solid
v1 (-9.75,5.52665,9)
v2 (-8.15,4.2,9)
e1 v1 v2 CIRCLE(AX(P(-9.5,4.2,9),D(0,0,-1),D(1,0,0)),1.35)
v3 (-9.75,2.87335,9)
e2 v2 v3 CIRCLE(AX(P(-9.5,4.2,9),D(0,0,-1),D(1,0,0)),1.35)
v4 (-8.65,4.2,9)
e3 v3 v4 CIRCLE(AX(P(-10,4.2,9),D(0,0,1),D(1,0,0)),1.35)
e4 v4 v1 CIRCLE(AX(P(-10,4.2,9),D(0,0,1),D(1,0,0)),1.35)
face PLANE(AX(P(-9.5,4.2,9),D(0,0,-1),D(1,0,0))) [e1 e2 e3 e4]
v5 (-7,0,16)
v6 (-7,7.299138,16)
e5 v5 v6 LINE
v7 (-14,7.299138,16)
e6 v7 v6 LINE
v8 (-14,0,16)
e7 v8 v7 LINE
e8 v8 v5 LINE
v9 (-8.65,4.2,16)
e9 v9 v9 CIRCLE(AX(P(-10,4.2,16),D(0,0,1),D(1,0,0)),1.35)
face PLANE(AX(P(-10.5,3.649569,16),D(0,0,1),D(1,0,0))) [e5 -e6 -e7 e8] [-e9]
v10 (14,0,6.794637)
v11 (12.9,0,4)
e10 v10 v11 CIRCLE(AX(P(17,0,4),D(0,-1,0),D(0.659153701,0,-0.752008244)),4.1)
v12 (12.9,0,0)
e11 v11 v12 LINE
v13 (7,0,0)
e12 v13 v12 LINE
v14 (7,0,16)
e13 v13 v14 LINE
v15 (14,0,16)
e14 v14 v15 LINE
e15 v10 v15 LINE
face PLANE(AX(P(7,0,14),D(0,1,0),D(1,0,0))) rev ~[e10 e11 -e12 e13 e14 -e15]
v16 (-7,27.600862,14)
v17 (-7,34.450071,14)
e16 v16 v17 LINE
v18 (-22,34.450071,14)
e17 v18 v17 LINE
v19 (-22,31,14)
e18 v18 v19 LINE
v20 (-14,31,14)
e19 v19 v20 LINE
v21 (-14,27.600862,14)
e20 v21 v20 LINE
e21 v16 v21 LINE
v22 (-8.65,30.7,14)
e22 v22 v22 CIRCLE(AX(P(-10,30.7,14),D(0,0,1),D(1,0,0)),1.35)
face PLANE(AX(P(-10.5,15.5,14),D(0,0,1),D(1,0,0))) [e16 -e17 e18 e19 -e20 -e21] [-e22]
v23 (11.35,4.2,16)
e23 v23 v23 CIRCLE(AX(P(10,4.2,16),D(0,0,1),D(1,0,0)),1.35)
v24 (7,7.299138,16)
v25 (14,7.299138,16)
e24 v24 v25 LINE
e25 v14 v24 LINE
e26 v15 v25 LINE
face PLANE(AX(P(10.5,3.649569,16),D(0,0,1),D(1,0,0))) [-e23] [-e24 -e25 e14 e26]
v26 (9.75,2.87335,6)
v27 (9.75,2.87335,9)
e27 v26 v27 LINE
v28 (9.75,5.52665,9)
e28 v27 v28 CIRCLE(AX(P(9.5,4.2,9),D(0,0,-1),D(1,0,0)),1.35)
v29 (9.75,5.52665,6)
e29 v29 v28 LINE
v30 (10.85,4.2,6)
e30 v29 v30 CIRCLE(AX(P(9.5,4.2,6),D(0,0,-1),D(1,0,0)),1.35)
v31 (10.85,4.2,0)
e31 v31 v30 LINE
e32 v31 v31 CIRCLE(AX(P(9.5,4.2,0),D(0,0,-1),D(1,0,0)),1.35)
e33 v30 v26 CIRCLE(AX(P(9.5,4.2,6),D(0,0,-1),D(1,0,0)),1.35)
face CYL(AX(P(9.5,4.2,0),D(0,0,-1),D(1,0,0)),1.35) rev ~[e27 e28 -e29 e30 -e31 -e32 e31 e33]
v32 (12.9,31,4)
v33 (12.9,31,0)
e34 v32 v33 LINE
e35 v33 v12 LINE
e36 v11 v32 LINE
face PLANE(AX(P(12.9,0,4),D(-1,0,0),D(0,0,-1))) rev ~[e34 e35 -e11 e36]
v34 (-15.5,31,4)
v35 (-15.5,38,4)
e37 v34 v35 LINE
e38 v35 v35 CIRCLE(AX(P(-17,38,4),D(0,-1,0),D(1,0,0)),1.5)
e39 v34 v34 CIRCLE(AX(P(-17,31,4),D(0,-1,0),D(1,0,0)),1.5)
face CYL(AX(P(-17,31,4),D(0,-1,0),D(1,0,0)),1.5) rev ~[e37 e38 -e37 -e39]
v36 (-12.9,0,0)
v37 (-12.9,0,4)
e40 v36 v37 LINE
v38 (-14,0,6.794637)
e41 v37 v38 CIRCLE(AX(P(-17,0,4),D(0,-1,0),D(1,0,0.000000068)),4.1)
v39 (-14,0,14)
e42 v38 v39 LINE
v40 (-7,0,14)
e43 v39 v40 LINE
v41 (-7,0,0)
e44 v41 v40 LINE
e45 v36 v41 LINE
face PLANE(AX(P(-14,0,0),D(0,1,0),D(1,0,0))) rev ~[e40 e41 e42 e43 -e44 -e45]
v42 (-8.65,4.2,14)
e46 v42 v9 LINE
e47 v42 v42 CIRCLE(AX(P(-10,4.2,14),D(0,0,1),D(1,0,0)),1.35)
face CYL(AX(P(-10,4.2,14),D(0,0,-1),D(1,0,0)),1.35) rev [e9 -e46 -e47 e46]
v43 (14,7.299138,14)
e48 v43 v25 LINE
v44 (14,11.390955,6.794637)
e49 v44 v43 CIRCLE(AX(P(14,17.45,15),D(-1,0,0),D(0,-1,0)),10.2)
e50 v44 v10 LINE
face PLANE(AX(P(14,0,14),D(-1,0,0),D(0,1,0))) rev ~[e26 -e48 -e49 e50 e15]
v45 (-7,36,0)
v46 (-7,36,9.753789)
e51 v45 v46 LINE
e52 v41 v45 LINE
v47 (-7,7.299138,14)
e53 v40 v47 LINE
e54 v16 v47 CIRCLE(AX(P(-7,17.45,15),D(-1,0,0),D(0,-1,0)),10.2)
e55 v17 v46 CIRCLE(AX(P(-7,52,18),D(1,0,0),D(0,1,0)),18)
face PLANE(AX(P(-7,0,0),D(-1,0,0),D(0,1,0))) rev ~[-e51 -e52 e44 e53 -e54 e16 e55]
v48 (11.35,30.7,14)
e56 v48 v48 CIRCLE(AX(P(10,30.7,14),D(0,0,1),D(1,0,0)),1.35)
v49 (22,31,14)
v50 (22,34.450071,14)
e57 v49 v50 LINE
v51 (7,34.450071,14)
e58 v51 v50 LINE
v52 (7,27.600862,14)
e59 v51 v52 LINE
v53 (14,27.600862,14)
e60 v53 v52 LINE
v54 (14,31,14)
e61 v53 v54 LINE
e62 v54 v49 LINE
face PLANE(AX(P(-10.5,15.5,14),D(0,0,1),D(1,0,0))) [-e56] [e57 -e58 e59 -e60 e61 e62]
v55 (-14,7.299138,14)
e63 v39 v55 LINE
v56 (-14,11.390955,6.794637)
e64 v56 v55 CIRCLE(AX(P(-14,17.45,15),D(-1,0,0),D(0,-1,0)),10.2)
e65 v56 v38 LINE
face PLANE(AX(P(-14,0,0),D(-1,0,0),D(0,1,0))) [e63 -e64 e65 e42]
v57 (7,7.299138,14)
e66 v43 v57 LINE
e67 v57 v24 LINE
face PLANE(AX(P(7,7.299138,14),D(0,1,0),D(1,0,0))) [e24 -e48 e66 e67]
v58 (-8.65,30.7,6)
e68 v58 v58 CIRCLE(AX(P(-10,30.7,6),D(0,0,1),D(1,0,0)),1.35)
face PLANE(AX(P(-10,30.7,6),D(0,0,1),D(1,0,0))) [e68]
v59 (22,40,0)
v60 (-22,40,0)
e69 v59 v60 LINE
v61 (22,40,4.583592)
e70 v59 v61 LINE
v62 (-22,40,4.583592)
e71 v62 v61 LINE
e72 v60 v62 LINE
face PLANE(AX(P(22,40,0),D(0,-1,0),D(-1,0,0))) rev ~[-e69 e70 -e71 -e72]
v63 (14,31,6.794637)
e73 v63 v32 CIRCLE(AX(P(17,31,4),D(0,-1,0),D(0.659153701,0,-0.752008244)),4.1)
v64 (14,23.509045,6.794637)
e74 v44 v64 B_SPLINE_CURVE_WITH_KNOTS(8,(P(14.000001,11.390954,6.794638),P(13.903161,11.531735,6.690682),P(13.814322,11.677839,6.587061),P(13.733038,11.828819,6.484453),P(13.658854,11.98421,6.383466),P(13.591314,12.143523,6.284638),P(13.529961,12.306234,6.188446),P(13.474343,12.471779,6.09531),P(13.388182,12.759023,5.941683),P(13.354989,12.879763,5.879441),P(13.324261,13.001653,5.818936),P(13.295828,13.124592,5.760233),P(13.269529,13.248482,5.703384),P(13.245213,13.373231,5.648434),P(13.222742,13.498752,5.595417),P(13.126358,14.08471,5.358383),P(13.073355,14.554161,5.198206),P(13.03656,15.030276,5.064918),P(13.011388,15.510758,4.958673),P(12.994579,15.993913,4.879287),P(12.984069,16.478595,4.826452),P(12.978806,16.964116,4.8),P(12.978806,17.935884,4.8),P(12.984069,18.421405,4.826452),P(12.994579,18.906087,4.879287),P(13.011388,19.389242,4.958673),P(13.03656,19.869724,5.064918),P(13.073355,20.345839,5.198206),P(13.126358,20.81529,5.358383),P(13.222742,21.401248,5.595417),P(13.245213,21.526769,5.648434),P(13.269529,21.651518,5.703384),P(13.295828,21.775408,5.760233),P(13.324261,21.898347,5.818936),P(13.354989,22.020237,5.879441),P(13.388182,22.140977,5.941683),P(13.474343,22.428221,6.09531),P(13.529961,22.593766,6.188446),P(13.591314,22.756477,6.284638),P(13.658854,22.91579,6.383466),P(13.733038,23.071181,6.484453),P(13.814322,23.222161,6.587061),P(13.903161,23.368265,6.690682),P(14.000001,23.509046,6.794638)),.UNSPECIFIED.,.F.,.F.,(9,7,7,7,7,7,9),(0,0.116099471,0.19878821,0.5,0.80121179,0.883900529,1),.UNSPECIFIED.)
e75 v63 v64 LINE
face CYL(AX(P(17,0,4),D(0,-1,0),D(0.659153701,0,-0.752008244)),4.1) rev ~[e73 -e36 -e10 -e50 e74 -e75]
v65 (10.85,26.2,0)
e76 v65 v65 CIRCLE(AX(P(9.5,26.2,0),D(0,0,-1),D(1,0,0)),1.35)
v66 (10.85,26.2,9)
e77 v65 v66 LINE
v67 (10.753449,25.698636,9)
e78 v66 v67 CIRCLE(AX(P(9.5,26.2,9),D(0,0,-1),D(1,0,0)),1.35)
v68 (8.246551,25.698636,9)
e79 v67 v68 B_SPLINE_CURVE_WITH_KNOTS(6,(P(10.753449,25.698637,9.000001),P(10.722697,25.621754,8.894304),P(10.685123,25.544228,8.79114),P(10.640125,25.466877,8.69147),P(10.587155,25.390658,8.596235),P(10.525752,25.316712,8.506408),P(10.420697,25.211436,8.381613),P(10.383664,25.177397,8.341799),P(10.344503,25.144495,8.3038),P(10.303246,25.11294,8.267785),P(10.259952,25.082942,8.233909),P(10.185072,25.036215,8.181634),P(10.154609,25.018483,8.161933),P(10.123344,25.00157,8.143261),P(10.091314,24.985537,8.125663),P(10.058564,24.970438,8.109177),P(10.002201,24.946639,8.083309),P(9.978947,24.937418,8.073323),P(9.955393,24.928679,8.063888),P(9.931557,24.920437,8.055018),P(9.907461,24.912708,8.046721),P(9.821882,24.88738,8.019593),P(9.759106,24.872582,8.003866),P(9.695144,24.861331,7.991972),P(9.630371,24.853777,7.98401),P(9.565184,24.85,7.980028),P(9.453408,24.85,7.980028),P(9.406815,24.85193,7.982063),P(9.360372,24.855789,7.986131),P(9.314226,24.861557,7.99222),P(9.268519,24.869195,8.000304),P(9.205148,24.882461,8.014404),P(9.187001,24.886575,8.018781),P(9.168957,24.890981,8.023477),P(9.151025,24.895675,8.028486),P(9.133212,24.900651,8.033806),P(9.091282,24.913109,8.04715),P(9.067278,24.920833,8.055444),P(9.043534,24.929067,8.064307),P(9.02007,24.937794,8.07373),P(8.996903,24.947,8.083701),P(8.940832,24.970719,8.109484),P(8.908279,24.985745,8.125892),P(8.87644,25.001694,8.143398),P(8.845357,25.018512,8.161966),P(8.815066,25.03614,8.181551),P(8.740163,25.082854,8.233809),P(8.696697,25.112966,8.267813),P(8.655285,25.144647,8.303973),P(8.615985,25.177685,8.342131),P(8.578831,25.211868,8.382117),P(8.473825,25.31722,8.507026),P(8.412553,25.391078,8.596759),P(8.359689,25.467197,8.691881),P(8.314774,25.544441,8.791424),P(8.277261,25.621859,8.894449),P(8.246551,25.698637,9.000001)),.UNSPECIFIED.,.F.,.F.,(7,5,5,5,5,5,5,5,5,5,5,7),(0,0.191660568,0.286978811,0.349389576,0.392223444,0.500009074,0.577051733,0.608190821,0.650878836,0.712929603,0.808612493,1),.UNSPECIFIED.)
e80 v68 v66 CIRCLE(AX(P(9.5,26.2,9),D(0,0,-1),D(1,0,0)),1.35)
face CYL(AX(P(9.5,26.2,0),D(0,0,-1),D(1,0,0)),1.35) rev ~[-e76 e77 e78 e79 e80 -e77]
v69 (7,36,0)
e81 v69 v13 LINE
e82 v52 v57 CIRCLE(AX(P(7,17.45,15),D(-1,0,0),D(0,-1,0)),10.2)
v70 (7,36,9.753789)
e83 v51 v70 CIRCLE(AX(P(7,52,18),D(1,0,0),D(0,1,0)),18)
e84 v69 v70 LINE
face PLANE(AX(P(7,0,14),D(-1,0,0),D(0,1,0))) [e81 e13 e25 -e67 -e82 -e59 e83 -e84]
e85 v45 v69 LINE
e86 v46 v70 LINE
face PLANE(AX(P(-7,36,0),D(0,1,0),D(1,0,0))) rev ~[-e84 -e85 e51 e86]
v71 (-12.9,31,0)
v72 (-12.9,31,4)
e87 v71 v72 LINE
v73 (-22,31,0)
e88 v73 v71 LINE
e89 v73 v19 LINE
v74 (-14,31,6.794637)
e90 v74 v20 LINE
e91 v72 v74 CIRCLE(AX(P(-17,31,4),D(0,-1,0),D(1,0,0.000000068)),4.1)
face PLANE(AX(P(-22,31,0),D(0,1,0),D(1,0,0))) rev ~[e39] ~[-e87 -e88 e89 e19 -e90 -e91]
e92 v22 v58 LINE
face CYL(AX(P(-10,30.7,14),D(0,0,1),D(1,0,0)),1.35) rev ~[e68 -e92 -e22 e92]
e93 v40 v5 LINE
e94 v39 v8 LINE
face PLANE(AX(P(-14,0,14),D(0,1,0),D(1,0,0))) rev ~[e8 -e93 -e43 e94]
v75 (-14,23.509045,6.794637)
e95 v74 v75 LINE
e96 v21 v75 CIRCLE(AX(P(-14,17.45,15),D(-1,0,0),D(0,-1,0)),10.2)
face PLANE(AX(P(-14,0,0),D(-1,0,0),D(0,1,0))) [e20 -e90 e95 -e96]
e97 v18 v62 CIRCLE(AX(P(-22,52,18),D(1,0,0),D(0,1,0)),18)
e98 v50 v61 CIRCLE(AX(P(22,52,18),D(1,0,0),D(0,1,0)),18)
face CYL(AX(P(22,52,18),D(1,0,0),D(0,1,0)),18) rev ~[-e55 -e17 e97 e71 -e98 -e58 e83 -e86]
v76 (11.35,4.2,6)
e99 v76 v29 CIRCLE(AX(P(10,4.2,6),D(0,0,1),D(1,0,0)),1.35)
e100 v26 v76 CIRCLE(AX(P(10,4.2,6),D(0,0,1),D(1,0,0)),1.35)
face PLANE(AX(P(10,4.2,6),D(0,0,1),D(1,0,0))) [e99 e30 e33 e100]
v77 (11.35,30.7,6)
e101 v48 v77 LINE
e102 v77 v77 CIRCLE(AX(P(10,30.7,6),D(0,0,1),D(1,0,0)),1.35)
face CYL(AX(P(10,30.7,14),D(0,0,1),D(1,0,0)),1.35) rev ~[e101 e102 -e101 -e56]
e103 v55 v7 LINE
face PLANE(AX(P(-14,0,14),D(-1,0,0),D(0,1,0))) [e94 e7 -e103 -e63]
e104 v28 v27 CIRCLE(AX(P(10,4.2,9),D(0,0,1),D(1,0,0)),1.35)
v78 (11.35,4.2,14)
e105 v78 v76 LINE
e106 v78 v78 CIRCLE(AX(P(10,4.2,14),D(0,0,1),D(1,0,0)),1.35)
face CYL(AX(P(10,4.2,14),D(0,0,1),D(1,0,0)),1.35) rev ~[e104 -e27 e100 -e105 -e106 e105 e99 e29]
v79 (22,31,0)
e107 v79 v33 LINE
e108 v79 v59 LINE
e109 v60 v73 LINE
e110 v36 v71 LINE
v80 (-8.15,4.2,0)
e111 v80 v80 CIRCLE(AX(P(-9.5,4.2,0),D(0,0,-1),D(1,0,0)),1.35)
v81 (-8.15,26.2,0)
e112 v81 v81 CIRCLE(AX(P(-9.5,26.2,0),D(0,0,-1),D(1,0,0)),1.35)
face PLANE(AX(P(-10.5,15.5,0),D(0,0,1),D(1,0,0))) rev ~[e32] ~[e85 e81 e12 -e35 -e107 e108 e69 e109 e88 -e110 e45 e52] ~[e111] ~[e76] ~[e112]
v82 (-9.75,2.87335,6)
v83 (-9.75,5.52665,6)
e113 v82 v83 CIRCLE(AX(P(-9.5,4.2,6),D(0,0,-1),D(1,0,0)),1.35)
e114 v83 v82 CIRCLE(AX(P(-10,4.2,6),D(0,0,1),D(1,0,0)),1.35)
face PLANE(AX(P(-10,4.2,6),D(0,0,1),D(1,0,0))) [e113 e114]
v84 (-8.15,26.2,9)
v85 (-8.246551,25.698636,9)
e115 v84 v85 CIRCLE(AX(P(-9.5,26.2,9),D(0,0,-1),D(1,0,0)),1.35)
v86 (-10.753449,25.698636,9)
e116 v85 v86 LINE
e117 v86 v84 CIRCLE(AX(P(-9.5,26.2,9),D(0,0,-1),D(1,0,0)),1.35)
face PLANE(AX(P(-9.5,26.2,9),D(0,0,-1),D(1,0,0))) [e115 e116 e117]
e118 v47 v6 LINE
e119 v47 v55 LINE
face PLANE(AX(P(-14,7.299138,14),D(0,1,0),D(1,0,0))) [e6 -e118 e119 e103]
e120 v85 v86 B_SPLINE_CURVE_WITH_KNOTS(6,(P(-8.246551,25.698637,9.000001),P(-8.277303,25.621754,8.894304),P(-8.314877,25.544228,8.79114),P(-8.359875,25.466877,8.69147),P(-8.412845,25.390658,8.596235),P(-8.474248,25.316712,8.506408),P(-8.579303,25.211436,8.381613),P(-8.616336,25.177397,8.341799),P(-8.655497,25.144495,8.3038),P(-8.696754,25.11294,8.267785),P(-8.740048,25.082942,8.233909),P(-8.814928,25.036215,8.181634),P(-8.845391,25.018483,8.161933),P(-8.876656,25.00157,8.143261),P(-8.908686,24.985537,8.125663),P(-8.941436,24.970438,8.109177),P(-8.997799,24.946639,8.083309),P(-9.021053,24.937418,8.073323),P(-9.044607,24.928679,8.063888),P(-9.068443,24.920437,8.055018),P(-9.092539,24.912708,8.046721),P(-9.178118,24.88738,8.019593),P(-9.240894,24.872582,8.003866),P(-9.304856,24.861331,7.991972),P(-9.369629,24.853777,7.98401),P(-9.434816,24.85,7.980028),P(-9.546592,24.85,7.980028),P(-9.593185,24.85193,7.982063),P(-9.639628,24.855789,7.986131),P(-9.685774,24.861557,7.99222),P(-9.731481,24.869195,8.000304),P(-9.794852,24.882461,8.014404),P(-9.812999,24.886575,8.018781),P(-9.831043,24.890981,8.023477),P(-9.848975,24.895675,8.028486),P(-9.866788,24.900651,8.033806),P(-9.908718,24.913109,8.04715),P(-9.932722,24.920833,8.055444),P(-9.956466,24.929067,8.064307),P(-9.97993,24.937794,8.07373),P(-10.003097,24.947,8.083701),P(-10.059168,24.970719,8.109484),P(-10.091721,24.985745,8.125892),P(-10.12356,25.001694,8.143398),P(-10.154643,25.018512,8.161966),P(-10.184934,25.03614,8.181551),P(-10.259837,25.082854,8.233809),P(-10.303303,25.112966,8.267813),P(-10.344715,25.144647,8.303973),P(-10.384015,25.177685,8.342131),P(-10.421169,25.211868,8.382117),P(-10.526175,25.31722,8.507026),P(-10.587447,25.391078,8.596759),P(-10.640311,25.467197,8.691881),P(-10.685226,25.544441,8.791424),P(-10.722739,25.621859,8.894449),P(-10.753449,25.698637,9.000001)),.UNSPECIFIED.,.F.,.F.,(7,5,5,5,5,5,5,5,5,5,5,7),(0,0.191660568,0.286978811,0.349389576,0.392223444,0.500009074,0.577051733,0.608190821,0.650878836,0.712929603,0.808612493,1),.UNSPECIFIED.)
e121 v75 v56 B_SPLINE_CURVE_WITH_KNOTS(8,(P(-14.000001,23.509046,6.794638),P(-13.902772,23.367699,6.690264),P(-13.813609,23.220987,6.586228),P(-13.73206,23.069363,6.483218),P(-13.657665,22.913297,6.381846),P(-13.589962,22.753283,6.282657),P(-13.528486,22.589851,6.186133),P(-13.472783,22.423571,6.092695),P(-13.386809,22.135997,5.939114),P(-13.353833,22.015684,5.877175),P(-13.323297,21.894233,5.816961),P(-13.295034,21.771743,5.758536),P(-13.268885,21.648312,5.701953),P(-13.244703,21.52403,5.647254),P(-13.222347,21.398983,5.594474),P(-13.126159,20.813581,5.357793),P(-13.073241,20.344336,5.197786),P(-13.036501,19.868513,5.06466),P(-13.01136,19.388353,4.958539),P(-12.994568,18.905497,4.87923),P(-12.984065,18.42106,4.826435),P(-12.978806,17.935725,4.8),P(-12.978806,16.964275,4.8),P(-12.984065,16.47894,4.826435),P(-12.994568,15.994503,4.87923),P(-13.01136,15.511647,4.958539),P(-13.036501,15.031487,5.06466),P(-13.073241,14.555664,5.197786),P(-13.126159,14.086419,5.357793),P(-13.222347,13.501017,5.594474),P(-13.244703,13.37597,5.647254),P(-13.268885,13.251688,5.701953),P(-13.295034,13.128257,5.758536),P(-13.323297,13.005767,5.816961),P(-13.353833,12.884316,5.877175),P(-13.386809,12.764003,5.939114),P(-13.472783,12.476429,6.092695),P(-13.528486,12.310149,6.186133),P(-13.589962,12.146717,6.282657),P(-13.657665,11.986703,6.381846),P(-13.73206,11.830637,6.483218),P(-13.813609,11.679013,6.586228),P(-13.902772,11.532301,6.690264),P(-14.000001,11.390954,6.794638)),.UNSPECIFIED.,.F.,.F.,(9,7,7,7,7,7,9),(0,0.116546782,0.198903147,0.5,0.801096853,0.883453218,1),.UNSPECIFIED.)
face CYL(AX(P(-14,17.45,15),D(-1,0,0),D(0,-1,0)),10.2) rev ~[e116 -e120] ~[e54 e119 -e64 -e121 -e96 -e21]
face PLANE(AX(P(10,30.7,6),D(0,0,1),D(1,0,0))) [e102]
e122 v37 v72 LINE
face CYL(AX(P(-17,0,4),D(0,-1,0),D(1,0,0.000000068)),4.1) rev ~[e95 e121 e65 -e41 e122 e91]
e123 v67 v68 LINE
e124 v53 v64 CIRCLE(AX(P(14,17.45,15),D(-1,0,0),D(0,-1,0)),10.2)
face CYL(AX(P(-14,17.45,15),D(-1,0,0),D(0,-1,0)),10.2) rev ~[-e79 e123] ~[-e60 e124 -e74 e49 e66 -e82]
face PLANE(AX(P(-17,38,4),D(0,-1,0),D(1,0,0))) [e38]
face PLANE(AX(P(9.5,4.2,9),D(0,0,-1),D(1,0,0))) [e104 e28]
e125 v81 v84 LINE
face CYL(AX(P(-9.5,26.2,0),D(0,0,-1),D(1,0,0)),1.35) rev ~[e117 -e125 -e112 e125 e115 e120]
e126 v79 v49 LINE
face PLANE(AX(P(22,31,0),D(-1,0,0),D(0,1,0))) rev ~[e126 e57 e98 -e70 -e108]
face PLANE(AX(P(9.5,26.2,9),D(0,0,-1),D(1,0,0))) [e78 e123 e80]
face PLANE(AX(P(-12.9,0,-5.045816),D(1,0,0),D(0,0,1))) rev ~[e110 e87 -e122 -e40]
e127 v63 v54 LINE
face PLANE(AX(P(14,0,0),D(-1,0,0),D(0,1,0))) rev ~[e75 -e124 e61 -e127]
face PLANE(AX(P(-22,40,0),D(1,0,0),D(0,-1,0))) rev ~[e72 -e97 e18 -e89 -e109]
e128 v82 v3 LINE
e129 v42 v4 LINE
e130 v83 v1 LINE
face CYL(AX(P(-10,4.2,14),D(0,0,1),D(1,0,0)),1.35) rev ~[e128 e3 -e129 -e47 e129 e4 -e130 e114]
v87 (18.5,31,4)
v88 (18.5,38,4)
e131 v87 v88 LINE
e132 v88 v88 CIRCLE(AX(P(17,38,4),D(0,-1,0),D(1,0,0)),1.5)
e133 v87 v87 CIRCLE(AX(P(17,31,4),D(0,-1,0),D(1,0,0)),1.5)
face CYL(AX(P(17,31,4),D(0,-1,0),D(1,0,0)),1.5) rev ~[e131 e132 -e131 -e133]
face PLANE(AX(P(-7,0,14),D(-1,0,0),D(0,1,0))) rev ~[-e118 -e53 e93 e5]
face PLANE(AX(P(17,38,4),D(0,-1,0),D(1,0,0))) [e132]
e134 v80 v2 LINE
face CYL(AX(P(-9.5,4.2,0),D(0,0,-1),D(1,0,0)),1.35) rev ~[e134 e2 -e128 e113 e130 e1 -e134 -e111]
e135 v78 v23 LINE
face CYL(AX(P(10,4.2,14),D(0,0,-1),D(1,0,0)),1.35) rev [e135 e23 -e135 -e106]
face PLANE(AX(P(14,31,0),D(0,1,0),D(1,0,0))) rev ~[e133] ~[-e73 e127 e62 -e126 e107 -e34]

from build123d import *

# Parameters (mm, degrees)
F0_W      = 7
F0_H      = 31
F1_DEPTH  = 14
F2_R      = 1.35
F3_DEPTH  = 8
F4_R      = 10.2
F5_DEPTH  = 30
F6_R      = 1.35
F7_DEPTH  = 9
F8_R      = 1.5
F9_DEPTH  = 7
F10_R     = 18
F11_DEPTH = 44.001
F13_DEPTH = 31
F14_W     = 7
F14_H     = 7.299138
F14_R     = 1.35
F15_DEPTH = 2


with BuildPart() as f1:
    # F0 (on Top) → F1 (new body)
    with BuildSketch(Plane.XY):
        with Locations((-10.5, 15.5)):
            Rectangle(F0_W, F0_H)
        Polygon((-22, 31), (-14, 31), (-7, 31), (-7, 36), (7, 36), (7, 31), (14, 31), (22, 31), (22, 40), (-22, 40), align=None)
        with Locations((10.5, 15.5)):
            Rectangle(F0_W, F0_H)
    extrude(amount=F1_DEPTH)

    # F2 (on face) → F3 (cut)
    with BuildSketch(Plane.XY.offset(14)):
        with Locations((-10, 4.2)):
            Circle(F2_R)
        with Locations((-10, 30.7)):
            Circle(F2_R)
        with Locations((10, 30.7)):
            Circle(F2_R)
        with Locations((10, 4.2)):
            Circle(F2_R)
    extrude(amount=-F3_DEPTH, mode=Mode.SUBTRACT)

    # F4 (on face) → F5 (cut)
    with BuildSketch(Plane(origin=(-14, 0, 0), x_dir=(0, -1, 0), z_dir=(-1, 0, 0))):
        with Locations((-17.45, 15)):
            Circle(F4_R)
    extrude(amount=-F5_DEPTH, mode=Mode.SUBTRACT)

    # F6 (on face) → F7 (cut)
    with BuildSketch(Plane(origin=(0, 0, 0), x_dir=(1, 0, 0), z_dir=(0, 0, -1))):
        with Locations((9.5, -4.2)):
            Circle(F6_R)
        with Locations((-9.5, -4.2)):
            Circle(F6_R)
        with Locations((9.5, -26.2)):
            Circle(F6_R)
        with Locations((-9.5, -26.2)):
            Circle(F6_R)
    extrude(amount=-F7_DEPTH, mode=Mode.SUBTRACT)

    # F8 (on face) → F9 (cut)
    with BuildSketch(Plane.XZ.offset(-31)):
        with Locations((-17, 4)):
            Circle(F8_R)
        with Locations((17, 4)):
            Circle(F8_R)
    extrude(amount=-F9_DEPTH, mode=Mode.SUBTRACT)

    # F10 (on face) → F11 (cut, through all)
    with BuildSketch(Plane.YZ.offset(22)):
        with Locations((52, 18)):
            Circle(F10_R)
    extrude(amount=-F11_DEPTH, mode=Mode.SUBTRACT)

    # F12 (on face) → F13 (cut, through all)
    with BuildSketch(Plane.XZ):
        with BuildLine():
            Line((-12.9, -5.045816), (-12.9, 4))
            ThreePointArc((-12.9, 4), (-18.692576, 7.734325), (-19.70253, 0.916766))
            Line((-19.70253, 0.916766), (-12.9, -5.045816))
        make_face()
        with BuildLine():
            Line((12.9, -5.045816), (19.70253, 0.916766))
            ThreePointArc((19.70253, 0.916766), (18.692576, 7.734325), (12.9, 4))
            Line((12.9, 4), (12.9, -5.045816))
        make_face()
    extrude(amount=-F13_DEPTH, mode=Mode.SUBTRACT)

    # F14 (on face) → F15 (join)
    with BuildSketch(Plane.XY.offset(14)):
        with Locations((10.5, 3.649569)):
            Rectangle(F14_W, F14_H)
        with Locations((10, 4.2)):
            Circle(F14_R, mode=Mode.SUBTRACT)
        with Locations((-10.5, 3.649569)):
            Rectangle(F14_W, F14_H)
        with Locations((-10, 4.2)):
            Circle(F14_R, mode=Mode.SUBTRACT)
    extrude(amount=F15_DEPTH)


solid = f1.part
